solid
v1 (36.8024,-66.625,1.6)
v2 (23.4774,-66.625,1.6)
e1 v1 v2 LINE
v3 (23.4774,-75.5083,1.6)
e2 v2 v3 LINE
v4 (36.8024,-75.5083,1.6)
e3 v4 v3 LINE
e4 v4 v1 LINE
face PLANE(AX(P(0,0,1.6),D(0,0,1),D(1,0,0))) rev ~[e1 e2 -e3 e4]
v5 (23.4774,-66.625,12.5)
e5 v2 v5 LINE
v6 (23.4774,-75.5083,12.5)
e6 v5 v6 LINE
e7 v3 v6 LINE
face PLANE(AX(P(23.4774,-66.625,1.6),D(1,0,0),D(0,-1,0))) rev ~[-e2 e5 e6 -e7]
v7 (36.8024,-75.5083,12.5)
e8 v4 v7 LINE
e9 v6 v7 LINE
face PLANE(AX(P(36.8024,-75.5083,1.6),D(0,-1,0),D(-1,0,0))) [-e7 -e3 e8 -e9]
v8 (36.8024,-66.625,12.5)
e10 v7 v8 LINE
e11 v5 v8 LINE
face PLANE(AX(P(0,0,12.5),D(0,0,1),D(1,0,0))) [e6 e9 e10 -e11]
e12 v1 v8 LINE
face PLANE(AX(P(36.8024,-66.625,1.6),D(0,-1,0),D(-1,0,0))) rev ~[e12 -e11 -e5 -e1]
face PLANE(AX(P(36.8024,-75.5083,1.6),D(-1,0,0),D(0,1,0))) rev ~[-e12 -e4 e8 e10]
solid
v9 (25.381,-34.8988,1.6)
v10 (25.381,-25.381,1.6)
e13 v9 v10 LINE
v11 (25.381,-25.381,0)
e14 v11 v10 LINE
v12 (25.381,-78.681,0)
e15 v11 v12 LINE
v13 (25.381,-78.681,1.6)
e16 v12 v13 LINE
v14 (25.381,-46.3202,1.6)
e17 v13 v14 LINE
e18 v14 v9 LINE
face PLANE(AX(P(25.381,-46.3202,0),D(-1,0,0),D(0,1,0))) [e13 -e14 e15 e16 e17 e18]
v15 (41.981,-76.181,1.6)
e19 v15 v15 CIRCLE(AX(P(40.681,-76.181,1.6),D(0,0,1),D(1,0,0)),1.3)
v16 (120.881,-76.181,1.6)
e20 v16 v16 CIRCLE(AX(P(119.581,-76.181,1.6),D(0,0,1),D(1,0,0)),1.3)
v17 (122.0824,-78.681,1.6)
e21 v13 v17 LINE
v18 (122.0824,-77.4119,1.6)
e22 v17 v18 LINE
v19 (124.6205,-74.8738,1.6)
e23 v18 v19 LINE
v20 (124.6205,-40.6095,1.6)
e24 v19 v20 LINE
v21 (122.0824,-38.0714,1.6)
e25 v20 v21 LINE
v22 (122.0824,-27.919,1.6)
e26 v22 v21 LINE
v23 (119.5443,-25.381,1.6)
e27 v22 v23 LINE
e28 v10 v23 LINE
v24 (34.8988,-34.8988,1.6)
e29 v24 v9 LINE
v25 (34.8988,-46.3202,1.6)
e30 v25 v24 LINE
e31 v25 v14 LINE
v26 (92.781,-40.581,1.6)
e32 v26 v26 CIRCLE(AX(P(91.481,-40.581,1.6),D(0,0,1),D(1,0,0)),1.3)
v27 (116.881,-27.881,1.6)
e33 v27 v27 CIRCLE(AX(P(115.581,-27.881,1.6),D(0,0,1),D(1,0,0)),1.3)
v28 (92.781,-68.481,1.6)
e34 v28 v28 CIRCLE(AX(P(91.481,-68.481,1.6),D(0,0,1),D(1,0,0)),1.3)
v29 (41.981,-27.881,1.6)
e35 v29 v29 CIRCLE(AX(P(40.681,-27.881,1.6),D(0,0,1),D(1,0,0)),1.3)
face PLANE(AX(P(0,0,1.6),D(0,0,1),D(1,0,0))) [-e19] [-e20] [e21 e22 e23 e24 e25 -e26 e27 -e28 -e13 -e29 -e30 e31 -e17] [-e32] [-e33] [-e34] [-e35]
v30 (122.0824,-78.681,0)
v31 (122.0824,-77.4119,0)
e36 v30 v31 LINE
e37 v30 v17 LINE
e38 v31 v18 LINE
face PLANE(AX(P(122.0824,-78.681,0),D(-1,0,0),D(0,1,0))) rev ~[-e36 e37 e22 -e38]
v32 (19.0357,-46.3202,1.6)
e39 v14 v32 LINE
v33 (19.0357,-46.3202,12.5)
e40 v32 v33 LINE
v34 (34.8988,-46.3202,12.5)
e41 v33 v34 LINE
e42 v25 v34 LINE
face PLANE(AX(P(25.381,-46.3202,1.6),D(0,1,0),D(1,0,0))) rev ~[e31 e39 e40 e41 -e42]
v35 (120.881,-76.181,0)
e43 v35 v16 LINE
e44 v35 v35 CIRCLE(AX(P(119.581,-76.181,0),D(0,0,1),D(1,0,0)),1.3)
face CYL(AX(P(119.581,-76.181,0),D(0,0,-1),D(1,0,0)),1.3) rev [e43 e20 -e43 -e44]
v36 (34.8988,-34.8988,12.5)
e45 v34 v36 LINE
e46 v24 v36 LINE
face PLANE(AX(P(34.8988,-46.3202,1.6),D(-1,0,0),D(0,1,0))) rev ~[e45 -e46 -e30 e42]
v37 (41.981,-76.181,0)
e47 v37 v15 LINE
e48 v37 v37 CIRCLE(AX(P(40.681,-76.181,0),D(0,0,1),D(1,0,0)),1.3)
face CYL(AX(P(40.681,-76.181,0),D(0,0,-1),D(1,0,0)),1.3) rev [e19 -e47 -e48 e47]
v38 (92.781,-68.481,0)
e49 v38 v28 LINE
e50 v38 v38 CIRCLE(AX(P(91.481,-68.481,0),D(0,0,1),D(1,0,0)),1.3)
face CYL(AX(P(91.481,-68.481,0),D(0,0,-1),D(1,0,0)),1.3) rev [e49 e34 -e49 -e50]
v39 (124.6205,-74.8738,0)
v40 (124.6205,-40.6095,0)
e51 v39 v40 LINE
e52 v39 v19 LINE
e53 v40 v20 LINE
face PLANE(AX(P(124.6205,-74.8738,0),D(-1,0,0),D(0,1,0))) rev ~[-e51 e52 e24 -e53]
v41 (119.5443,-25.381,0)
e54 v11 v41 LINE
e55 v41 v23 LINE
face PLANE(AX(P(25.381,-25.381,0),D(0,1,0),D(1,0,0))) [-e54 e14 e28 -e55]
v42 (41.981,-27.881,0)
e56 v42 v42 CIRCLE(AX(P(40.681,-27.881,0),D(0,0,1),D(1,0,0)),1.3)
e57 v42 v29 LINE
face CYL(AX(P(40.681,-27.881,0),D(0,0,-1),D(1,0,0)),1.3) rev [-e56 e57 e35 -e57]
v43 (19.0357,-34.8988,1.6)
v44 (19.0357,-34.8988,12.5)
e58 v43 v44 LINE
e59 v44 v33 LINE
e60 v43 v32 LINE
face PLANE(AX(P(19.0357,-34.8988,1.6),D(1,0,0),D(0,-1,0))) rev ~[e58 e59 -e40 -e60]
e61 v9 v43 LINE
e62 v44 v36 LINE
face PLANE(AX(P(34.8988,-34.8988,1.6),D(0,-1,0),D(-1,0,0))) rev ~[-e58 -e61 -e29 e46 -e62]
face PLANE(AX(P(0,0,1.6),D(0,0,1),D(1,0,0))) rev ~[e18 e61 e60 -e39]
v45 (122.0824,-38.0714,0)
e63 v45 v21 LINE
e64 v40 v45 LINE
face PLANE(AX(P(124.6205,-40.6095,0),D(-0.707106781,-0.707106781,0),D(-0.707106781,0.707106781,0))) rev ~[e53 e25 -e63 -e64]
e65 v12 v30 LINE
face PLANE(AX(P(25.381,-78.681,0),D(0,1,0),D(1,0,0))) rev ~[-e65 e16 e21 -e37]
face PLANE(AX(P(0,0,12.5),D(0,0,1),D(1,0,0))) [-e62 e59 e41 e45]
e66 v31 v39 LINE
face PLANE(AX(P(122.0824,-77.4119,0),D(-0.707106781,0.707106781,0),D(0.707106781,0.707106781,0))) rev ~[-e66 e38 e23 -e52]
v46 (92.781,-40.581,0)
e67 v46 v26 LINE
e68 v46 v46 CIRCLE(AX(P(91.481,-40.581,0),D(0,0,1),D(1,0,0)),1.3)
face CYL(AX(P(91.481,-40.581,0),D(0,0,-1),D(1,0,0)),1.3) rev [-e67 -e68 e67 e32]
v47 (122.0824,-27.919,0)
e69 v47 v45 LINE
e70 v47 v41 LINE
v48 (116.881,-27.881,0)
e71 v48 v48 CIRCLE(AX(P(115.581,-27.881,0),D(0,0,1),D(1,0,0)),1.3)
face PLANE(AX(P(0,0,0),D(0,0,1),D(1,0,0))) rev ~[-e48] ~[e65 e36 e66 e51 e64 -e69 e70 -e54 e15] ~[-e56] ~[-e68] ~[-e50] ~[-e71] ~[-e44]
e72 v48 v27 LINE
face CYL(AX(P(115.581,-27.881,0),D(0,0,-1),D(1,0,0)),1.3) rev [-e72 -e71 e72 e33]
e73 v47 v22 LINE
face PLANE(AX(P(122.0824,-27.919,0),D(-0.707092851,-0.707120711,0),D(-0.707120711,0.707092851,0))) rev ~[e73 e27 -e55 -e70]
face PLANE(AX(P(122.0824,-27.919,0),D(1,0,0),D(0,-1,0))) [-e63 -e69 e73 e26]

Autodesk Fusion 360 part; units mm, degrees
sketch "Schizzo1" plane through (0, 0, 0) normal (0, 0, 1) x (1, 0, 0)
  line L0 (25.381, -78.681) -> (25.381, -25.381)
  line L1 (122.0824, -78.681) -> (122.0824, -77.4119)
  line L2 (122.0824, -77.4119) -> (124.6205, -74.8738)
  line L3 (124.6205, -74.8738) -> (124.6205, -40.6095)
  line L4 (25.381, -25.381) -> (119.5443, -25.381)
  line L5 (36.8024, -66.625) -> (23.4774, -66.625)
  line L6 (25.381, -25.381) -> (25.381, -34.8988)
  line L7 (34.8988, -34.8988) -> (19.0357, -34.8988)
  line L8 (25.381, -78.681) -> (122.0824, -78.681)
  line L9 (122.0824, -27.919) -> (122.0824, -38.0714)
  line L10 (122.0824, -27.919) -> (119.5443, -25.381)
  line L11 (124.6205, -40.6095) -> (122.0824, -38.0714)
  line L12 (19.0357, -34.8988) -> (19.0357, -46.3202)
  line L13 (19.0357, -46.3202) -> (34.8988, -46.3202)
  line L14 (34.8988, -46.3202) -> (34.8988, -34.8988)
  line L15 (36.8024, -75.5083) -> (36.8024, -66.625)
  line L16 (23.4774, -66.625) -> (23.4774, -75.5083)
  line L17 (36.8024, -75.5083) -> (23.4774, -75.5083)
  circle A0 centre (40.681, -27.881) radius 1.3
  circle A1 centre (40.681, -76.181) radius 1.3
  circle A2 centre (115.581, -27.881) radius 1.3
  circle A3 centre (119.581, -76.181) radius 1.3
  circle A4 centre (91.481, -68.481) radius 1.3
  circle A5 centre (91.481, -40.581) radius 1.3
  dimension "d30" = 53.3
  dimension "d31" = 94.1633
  dimension "d32" = 15.8631
  dimension "d34" = 9.5179
  dimension "d35" = 6.3452
  dimension "d36" = 25.381
  dimension "d37" = 25.381
  dimension "d40" = 2.5381
  dimension "d41" = 10.1524
  dimension "d43" = 96.7014
  dimension "d44" = 1.269
  dimension "d45" = 2.5381
  dimension "d46" = 34.2643
  dimension "d47" = 2.5381
  dimension "d49" = 2.5381
  dimension "d50" = 2.5381
  dimension "d51" = 2.5381
  dimension "d52" = 11.4214
  dimension "d55" = 13.325
  dimension "d58" = 3.1726
  dimension "d59" = 8.8833
  dimension "d61" = 1.9036
  dimension "d62" = 2.6
  dimension "d63" = 15.3
  dimension "d64" = 2.5
  dimension "d65" = 2.6
  dimension "d66" = 2.5
  dimension "d67" = 15.3
  dimension "d68" = 2.6
  dimension "d69" = 2.5
  dimension "d70" = 74.9
  dimension "d71" = 2.6
  dimension "d72" = 2.5
  dimension "d73" = 78.9
  dimension "d75" = 2.6
  dimension "d76" = 2.6
  dimension "d77" = 50.8
  dimension "d78" = 27.9
  dimension "d79" = 15.2
extrude "Estrusione1" add sketch "Schizzo1" along normal blind 1.6 contours L0 L7 L13 L14 | L0 L1 L2 L3 L4 L5 L6 L7 L8 L9 L10 L11 L13 L14 L15 L17 | L0 L5 L15 L17 makes body 1
extrude "Estrusione2" add sketch "Schizzo1" along normal blind 10.9 from surface at 1.6 separate body contours L0 L5 L15 L17 | L0 L5 L16 L17 makes body 2
extrude "Estrusione3" add sketch "Schizzo1" along normal blind 10.9 from surface at 1.6 contours L0 L7 L13 L14 | L0 L7 L12 L13 bodies 1
equation "d62 = 1.3 mm * 2"
